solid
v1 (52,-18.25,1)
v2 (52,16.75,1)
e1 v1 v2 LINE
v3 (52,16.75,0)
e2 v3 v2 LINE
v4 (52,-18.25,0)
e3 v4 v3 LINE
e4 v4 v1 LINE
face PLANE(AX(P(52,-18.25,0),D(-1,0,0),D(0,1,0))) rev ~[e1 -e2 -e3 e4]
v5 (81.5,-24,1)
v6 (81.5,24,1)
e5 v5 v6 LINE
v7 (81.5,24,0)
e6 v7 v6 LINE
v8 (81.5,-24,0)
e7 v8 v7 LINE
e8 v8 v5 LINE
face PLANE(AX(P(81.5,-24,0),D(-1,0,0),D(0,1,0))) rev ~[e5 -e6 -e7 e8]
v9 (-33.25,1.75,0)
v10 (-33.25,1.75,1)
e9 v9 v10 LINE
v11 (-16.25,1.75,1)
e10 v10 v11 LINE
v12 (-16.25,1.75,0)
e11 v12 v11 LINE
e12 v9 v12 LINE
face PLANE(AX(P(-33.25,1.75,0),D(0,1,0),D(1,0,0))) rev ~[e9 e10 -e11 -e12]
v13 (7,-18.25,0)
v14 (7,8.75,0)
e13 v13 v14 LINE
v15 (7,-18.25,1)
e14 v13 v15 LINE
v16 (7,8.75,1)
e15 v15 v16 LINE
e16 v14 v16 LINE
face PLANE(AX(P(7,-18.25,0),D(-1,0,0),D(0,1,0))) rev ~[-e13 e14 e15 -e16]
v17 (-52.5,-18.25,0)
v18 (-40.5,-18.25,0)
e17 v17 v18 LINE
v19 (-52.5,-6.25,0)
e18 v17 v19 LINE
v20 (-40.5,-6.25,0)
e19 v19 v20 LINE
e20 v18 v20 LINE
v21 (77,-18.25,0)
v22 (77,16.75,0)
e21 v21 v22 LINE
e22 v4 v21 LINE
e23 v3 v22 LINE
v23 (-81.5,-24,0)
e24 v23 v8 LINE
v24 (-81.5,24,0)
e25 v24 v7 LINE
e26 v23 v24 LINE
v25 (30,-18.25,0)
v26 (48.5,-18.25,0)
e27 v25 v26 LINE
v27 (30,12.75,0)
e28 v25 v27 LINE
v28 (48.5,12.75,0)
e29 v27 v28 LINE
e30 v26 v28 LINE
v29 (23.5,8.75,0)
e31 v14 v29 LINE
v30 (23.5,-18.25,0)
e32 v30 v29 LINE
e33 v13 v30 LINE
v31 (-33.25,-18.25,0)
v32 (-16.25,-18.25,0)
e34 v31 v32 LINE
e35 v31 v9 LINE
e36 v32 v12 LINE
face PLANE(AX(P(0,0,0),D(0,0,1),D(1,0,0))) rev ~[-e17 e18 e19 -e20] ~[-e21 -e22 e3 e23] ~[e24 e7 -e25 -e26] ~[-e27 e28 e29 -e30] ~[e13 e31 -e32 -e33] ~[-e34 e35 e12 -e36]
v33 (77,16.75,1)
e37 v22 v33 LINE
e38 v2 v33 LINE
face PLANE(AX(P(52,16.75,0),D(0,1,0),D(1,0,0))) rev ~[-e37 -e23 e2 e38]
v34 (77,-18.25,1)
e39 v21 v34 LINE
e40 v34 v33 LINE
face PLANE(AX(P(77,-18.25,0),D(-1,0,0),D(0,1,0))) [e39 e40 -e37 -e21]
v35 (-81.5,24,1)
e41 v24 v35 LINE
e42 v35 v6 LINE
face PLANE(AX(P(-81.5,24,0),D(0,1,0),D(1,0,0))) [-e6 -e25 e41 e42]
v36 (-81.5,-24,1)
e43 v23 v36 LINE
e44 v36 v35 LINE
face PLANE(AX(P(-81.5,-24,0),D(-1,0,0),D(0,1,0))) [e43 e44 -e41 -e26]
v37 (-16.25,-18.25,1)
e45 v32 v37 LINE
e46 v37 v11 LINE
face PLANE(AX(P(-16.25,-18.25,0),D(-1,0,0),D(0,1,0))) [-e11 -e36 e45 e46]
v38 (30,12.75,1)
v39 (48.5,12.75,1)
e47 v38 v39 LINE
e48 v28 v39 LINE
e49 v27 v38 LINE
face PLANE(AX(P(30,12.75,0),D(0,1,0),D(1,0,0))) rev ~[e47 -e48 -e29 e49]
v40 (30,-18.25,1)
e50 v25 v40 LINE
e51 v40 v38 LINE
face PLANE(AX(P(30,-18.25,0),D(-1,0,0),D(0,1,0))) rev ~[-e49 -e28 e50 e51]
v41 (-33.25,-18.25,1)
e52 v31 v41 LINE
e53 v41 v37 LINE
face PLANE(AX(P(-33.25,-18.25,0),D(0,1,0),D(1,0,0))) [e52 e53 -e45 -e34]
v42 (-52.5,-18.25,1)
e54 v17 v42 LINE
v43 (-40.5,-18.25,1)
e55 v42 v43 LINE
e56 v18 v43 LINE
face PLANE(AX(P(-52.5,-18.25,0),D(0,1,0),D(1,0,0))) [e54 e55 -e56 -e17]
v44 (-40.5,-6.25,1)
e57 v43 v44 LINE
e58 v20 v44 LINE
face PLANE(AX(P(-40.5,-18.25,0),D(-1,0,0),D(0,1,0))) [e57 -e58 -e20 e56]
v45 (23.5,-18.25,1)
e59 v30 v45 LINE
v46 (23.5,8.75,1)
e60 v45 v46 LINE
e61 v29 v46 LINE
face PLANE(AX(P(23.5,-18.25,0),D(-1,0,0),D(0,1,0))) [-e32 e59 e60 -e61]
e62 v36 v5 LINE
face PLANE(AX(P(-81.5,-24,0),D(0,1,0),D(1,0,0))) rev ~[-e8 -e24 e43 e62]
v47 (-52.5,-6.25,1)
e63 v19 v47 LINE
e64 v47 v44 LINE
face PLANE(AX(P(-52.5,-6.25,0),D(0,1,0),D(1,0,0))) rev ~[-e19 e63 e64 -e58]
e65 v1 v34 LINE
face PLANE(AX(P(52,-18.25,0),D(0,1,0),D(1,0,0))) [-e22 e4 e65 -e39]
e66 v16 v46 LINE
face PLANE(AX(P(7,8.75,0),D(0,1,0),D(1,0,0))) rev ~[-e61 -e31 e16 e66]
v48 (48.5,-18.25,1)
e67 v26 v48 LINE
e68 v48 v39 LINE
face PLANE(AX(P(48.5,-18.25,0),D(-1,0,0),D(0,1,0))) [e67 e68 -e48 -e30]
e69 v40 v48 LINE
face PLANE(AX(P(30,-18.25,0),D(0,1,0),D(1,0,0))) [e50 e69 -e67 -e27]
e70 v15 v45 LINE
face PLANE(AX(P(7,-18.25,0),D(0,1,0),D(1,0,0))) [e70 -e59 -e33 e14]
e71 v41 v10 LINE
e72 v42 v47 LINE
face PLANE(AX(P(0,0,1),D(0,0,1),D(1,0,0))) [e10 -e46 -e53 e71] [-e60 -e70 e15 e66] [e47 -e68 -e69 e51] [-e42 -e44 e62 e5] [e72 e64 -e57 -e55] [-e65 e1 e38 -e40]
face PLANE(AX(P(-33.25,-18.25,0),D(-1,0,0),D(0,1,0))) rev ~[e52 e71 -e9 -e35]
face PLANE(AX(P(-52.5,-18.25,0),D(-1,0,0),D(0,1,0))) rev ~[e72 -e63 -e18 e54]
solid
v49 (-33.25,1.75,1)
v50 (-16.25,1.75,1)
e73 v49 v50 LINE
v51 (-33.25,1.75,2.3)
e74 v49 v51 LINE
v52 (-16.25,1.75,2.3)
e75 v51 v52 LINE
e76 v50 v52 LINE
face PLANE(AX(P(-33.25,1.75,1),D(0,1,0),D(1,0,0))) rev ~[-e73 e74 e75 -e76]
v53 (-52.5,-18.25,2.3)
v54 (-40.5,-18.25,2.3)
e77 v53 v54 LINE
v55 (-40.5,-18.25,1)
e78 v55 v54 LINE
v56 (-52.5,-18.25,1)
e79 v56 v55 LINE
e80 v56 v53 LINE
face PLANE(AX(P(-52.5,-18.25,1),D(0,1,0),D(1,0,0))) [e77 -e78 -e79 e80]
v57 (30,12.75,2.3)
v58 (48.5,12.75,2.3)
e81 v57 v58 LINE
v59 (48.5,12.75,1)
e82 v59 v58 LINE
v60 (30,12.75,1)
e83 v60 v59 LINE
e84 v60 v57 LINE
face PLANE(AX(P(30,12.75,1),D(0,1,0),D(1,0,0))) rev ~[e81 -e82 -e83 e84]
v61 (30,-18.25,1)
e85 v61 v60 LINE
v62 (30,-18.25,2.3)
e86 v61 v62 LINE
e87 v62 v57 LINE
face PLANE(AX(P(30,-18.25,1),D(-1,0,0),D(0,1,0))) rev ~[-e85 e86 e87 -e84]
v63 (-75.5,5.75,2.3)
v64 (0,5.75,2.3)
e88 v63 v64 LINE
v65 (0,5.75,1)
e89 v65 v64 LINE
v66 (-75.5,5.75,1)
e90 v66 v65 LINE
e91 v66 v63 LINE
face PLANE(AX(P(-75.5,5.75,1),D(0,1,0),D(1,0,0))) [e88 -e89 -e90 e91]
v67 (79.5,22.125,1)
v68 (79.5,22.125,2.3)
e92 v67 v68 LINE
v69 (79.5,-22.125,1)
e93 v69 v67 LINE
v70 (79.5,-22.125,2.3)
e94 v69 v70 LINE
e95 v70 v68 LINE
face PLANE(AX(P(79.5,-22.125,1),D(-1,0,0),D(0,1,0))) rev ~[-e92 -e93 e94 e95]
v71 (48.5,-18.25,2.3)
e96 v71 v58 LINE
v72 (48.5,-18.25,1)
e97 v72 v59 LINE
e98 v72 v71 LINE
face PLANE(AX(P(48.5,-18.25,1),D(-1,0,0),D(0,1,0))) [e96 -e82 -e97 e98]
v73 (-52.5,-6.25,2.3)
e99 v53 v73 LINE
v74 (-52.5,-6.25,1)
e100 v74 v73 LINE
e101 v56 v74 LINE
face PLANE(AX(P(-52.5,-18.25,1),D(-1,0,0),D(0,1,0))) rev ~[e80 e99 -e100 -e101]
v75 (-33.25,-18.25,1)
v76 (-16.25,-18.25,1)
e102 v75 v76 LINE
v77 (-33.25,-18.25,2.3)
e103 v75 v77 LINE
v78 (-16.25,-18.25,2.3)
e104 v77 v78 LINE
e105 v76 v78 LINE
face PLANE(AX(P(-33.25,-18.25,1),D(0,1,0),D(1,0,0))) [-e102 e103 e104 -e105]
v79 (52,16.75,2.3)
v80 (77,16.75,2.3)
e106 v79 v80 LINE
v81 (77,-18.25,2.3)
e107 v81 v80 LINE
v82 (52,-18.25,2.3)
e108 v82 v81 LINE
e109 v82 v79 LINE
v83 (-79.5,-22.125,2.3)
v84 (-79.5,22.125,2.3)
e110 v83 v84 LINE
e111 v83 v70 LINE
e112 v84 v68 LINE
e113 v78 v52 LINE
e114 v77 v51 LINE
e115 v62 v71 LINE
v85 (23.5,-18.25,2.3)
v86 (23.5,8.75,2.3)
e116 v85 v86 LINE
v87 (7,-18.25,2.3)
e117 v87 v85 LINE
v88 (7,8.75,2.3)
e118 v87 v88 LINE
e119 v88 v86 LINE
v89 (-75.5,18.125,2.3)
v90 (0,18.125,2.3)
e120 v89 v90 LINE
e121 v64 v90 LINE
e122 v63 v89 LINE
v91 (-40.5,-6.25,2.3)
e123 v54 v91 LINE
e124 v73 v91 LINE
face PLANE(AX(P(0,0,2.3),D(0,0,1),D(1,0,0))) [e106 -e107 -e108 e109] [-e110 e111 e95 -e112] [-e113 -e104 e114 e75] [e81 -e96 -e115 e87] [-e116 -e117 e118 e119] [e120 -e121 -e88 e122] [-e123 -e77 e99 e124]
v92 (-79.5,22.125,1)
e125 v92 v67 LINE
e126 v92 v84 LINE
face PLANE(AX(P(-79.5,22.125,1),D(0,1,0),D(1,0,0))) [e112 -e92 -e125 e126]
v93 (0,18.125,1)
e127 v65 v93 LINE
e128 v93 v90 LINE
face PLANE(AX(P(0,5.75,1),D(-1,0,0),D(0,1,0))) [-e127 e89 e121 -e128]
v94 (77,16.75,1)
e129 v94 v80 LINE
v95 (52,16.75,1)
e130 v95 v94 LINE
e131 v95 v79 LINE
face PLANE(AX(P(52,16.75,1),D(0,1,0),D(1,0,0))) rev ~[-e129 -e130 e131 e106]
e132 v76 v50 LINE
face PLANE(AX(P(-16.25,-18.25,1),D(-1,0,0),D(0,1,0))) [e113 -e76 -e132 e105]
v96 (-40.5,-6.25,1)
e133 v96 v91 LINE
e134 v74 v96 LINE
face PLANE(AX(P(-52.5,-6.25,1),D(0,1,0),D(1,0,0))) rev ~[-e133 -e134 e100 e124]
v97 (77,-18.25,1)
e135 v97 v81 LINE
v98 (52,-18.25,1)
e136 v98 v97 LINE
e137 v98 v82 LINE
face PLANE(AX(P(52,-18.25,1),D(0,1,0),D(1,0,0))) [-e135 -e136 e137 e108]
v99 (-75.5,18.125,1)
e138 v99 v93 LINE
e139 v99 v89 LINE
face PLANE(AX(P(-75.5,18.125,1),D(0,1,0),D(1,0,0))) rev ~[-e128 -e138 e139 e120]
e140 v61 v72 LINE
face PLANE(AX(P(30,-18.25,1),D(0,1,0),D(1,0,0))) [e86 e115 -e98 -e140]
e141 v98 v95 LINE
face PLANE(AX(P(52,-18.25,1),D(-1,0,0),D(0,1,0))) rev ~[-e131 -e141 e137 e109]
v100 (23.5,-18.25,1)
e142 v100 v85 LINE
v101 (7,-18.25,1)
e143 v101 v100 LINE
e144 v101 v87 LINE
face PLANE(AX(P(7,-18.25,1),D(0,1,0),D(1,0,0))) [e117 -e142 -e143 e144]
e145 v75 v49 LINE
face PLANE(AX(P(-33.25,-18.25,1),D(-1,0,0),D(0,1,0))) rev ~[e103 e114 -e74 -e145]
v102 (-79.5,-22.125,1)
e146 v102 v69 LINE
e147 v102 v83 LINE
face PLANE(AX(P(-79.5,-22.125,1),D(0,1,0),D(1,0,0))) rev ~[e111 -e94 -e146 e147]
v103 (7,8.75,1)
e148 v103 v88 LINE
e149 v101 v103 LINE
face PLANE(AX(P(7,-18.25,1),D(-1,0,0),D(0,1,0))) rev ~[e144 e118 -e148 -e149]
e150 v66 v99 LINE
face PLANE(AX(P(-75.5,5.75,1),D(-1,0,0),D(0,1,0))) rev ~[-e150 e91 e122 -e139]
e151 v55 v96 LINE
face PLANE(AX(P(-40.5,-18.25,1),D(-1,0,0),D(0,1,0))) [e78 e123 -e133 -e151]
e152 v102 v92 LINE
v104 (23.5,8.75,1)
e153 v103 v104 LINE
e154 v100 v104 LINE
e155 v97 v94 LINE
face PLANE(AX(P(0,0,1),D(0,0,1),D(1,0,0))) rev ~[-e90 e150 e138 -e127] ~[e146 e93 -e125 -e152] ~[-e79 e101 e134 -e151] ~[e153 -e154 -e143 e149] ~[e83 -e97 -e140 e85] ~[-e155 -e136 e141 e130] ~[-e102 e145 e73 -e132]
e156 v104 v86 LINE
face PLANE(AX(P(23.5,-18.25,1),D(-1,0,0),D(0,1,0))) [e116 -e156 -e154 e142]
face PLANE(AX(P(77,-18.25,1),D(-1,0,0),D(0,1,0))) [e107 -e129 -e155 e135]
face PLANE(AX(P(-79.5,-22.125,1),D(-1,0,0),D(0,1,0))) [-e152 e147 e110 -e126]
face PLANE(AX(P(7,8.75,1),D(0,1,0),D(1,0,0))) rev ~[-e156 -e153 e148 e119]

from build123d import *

# Parameters (mm, degrees)
SKETCH_W      = 159
SKETCH_H      = 44.25
SKETCH_W_2    = 25
SKETCH_H_2    = 35
SKETCH_W_3    = 18.5
SKETCH_H_3    = 31
SKETCH_W_4    = 16.5
SKETCH_H_4    = 27
SKETCH_W_5    = 17
SKETCH_H_5    = 20
SKETCH_W_6    = 12
SKETCH_H_6    = 12
SKETCH_W_7    = 75.5
SKETCH_H_7    = 12.375
PAD001_DEPTH  = 1.3
SKETCH001_W   = 163
SKETCH001_H   = 48
SKETCH001_W_2 = 25
SKETCH001_H_2 = 35
SKETCH001_W_3 = 18.5
SKETCH001_H_3 = 31
SKETCH001_W_4 = 16.5
SKETCH001_H_4 = 27
SKETCH001_W_5 = 17
SKETCH001_H_5 = 20
SKETCH001_W_6 = 12
SKETCH001_H_6 = 12
PAD_DEPTH     = 1


with BuildPart() as pad001:
    # Sketch → Pad001 (new body)
    with BuildSketch(Plane.XY.offset(1)):
        Rectangle(SKETCH_W, SKETCH_H)
        with Locations((64.5, -0.75)):
            Rectangle(SKETCH_W_2, SKETCH_H_2, mode=Mode.SUBTRACT)
        with Locations((39.25, -2.75)):
            Rectangle(SKETCH_W_3, SKETCH_H_3, mode=Mode.SUBTRACT)
        with Locations((15.25, -4.75)):
            Rectangle(SKETCH_W_4, SKETCH_H_4, mode=Mode.SUBTRACT)
        with Locations((-24.75, -8.25)):
            Rectangle(SKETCH_W_5, SKETCH_H_5, mode=Mode.SUBTRACT)
        with Locations((-46.5, -12.25)):
            Rectangle(SKETCH_W_6, SKETCH_H_6, mode=Mode.SUBTRACT)
        with Locations((-37.75, 11.9375)):
            Rectangle(SKETCH_W_7, SKETCH_H_7, mode=Mode.SUBTRACT)
    extrude(amount=PAD001_DEPTH)


with BuildPart() as pad:
    # Sketch001 → Pad (new body)
    with BuildSketch(Plane.XY):
        Rectangle(SKETCH001_W, SKETCH001_H)
        with Locations((64.5, -0.75)):
            Rectangle(SKETCH001_W_2, SKETCH001_H_2, mode=Mode.SUBTRACT)
        with Locations((39.25, -2.75)):
            Rectangle(SKETCH001_W_3, SKETCH001_H_3, mode=Mode.SUBTRACT)
        with Locations((15.25, -4.75)):
            Rectangle(SKETCH001_W_4, SKETCH001_H_4, mode=Mode.SUBTRACT)
        with Locations((-24.75, -8.25)):
            Rectangle(SKETCH001_W_5, SKETCH001_H_5, mode=Mode.SUBTRACT)
        with Locations((-46.5, -12.25)):
            Rectangle(SKETCH001_W_6, SKETCH001_H_6, mode=Mode.SUBTRACT)
    extrude(amount=PAD_DEPTH)


solid = Compound([pad001.part, pad.part])
